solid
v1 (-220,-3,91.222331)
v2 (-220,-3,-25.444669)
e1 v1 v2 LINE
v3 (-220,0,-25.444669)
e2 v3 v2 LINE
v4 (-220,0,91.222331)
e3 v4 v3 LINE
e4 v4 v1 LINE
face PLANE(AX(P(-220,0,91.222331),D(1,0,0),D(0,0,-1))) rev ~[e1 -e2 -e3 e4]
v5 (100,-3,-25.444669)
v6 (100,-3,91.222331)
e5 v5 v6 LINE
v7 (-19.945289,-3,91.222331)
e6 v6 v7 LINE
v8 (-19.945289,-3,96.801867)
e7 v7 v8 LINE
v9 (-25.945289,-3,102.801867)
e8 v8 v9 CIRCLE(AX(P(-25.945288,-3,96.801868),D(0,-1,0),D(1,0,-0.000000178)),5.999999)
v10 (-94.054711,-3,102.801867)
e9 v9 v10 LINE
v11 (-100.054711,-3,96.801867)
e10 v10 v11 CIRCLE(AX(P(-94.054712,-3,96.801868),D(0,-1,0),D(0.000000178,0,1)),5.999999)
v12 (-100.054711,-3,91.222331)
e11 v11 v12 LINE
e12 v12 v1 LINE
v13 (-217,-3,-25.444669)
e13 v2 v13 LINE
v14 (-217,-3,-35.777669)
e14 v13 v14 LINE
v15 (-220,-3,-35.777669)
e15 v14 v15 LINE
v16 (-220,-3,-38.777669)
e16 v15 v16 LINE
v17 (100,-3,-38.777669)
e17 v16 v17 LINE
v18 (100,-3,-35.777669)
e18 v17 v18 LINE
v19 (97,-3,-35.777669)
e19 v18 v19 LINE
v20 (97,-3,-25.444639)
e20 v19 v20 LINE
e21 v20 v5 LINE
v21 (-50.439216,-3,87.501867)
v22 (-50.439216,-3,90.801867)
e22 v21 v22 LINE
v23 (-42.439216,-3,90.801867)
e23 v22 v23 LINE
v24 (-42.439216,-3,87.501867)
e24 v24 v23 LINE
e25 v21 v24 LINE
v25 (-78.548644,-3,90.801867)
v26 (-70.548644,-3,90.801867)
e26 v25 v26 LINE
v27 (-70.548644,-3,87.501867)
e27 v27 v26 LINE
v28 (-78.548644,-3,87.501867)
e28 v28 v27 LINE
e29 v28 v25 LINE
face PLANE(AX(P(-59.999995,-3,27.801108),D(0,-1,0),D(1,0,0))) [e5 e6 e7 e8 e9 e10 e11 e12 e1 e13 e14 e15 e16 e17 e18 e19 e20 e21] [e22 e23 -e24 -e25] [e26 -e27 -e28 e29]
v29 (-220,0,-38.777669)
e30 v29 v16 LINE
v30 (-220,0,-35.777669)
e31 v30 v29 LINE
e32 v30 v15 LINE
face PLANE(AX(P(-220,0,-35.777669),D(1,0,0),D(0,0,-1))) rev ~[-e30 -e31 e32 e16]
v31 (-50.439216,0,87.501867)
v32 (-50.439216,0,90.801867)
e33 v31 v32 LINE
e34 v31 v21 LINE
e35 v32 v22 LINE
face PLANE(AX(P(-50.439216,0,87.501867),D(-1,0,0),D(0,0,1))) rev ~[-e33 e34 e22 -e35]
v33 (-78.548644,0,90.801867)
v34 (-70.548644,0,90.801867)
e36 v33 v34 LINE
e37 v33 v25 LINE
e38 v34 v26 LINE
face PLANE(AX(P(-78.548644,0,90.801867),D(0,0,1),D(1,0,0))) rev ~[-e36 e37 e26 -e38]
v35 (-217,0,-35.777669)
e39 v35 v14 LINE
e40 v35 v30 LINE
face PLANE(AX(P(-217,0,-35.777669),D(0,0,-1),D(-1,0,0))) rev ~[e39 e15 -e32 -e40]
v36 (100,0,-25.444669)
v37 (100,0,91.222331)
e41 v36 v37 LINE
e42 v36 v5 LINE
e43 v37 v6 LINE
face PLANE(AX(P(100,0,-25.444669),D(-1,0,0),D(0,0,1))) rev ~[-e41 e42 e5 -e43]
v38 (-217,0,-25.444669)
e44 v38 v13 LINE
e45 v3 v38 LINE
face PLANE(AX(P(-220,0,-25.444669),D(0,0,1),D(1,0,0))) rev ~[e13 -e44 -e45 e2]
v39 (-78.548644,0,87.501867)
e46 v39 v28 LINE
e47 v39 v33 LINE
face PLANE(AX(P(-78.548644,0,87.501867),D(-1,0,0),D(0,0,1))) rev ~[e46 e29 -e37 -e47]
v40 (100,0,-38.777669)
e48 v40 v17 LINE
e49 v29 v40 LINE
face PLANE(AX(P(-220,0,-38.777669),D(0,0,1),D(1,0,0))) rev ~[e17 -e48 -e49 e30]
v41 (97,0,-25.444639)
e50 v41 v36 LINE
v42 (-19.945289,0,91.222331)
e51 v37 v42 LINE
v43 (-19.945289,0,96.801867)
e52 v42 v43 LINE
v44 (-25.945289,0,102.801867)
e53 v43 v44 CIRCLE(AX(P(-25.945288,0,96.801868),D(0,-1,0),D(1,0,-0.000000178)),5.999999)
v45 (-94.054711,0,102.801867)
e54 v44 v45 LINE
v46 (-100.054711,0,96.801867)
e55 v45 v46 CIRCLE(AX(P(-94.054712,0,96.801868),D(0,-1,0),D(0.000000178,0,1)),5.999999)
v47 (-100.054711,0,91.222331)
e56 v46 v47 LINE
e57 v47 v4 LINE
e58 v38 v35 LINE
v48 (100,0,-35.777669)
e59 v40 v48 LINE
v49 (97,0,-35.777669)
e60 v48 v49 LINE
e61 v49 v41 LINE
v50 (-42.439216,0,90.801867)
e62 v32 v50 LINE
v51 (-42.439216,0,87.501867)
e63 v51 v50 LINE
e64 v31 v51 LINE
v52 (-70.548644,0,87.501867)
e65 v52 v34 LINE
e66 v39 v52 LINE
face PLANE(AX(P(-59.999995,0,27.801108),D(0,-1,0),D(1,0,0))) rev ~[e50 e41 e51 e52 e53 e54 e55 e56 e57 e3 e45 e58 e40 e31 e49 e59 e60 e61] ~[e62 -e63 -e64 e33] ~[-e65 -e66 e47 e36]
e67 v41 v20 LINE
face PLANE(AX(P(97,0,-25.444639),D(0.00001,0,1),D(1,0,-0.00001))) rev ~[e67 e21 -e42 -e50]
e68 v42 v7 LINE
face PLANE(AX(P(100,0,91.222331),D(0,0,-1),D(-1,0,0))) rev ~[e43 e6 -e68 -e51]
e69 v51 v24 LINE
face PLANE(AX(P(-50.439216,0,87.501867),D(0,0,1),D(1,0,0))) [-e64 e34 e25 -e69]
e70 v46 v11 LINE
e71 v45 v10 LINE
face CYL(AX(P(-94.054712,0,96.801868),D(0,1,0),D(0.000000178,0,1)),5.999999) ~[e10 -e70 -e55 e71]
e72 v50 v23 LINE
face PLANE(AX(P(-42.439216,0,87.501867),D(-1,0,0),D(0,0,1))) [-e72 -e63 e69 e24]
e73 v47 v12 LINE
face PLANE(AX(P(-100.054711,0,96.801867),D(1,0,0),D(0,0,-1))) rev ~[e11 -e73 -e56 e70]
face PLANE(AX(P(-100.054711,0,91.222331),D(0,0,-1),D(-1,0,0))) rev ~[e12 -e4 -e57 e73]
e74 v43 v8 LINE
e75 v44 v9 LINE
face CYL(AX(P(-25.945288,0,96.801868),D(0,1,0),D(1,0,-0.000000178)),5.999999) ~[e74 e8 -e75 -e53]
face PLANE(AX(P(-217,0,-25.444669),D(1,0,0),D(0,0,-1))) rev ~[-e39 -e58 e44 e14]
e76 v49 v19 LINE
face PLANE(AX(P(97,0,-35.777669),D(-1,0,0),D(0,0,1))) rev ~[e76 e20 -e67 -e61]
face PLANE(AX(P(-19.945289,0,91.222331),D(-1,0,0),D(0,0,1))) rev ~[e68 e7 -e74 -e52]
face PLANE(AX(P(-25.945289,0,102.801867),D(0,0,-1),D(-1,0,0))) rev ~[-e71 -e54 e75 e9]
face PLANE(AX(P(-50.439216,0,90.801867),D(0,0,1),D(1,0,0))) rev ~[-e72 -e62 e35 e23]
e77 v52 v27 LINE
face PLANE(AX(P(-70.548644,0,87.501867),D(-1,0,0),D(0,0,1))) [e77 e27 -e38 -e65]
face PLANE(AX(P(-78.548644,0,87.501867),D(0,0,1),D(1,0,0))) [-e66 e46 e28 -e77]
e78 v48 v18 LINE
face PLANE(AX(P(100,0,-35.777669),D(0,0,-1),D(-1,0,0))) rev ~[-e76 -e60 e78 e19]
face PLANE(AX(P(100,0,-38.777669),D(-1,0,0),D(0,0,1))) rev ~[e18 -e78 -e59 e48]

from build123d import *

# Parameters (mm, degrees)
F0_W     = 8
F0_H     = 3.3
F1_DEPTH = 3


with BuildPart() as f1:
    # F0 (on Front) → F1 (new body)
    with BuildSketch(Plane.XZ):
        with BuildLine():
            Line((-220, -35.777669), (-220, -38.777669))
            Line((-220, -38.777669), (100, -38.777669))
            Line((100, -38.777669), (100, -35.777669))
            Line((100, -35.777669), (97, -35.777669))
            Line((97, -35.777669), (97, -25.444639))
            Line((97, -25.444639), (100, -25.444669))
            Line((100, -25.444669), (100, 91.222331))
            Line((100, 91.222331), (-19.945289, 91.222331))
            Line((-19.945289, 91.222331), (-19.945289, 96.801867))
            ThreePointArc((-19.945289, 96.801867), (-21.702648, 101.044508), (-25.945289, 102.801867))
            Line((-25.945289, 102.801867), (-94.054711, 102.801867))
            ThreePointArc((-94.054711, 102.801867), (-98.297352, 101.044508), (-100.054711, 96.801867))
            Line((-100.054711, 96.801867), (-100.054711, 91.222331))
            Line((-100.054711, 91.222331), (-220, 91.222331))
            Line((-220, 91.222331), (-220, -25.444669))
            Line((-220, -25.444669), (-217, -25.444669))
            Line((-217, -25.444669), (-217, -35.777669))
            Line((-217, -35.777669), (-220, -35.777669))
        make_face()
        with Locations((-74.548644, 89.151867)):
            Rectangle(F0_W, F0_H, mode=Mode.SUBTRACT)
        with Locations((-46.439216, 89.151867)):
            Rectangle(F0_W, F0_H, mode=Mode.SUBTRACT)
    extrude(amount=F1_DEPTH)


solid = f1.part
